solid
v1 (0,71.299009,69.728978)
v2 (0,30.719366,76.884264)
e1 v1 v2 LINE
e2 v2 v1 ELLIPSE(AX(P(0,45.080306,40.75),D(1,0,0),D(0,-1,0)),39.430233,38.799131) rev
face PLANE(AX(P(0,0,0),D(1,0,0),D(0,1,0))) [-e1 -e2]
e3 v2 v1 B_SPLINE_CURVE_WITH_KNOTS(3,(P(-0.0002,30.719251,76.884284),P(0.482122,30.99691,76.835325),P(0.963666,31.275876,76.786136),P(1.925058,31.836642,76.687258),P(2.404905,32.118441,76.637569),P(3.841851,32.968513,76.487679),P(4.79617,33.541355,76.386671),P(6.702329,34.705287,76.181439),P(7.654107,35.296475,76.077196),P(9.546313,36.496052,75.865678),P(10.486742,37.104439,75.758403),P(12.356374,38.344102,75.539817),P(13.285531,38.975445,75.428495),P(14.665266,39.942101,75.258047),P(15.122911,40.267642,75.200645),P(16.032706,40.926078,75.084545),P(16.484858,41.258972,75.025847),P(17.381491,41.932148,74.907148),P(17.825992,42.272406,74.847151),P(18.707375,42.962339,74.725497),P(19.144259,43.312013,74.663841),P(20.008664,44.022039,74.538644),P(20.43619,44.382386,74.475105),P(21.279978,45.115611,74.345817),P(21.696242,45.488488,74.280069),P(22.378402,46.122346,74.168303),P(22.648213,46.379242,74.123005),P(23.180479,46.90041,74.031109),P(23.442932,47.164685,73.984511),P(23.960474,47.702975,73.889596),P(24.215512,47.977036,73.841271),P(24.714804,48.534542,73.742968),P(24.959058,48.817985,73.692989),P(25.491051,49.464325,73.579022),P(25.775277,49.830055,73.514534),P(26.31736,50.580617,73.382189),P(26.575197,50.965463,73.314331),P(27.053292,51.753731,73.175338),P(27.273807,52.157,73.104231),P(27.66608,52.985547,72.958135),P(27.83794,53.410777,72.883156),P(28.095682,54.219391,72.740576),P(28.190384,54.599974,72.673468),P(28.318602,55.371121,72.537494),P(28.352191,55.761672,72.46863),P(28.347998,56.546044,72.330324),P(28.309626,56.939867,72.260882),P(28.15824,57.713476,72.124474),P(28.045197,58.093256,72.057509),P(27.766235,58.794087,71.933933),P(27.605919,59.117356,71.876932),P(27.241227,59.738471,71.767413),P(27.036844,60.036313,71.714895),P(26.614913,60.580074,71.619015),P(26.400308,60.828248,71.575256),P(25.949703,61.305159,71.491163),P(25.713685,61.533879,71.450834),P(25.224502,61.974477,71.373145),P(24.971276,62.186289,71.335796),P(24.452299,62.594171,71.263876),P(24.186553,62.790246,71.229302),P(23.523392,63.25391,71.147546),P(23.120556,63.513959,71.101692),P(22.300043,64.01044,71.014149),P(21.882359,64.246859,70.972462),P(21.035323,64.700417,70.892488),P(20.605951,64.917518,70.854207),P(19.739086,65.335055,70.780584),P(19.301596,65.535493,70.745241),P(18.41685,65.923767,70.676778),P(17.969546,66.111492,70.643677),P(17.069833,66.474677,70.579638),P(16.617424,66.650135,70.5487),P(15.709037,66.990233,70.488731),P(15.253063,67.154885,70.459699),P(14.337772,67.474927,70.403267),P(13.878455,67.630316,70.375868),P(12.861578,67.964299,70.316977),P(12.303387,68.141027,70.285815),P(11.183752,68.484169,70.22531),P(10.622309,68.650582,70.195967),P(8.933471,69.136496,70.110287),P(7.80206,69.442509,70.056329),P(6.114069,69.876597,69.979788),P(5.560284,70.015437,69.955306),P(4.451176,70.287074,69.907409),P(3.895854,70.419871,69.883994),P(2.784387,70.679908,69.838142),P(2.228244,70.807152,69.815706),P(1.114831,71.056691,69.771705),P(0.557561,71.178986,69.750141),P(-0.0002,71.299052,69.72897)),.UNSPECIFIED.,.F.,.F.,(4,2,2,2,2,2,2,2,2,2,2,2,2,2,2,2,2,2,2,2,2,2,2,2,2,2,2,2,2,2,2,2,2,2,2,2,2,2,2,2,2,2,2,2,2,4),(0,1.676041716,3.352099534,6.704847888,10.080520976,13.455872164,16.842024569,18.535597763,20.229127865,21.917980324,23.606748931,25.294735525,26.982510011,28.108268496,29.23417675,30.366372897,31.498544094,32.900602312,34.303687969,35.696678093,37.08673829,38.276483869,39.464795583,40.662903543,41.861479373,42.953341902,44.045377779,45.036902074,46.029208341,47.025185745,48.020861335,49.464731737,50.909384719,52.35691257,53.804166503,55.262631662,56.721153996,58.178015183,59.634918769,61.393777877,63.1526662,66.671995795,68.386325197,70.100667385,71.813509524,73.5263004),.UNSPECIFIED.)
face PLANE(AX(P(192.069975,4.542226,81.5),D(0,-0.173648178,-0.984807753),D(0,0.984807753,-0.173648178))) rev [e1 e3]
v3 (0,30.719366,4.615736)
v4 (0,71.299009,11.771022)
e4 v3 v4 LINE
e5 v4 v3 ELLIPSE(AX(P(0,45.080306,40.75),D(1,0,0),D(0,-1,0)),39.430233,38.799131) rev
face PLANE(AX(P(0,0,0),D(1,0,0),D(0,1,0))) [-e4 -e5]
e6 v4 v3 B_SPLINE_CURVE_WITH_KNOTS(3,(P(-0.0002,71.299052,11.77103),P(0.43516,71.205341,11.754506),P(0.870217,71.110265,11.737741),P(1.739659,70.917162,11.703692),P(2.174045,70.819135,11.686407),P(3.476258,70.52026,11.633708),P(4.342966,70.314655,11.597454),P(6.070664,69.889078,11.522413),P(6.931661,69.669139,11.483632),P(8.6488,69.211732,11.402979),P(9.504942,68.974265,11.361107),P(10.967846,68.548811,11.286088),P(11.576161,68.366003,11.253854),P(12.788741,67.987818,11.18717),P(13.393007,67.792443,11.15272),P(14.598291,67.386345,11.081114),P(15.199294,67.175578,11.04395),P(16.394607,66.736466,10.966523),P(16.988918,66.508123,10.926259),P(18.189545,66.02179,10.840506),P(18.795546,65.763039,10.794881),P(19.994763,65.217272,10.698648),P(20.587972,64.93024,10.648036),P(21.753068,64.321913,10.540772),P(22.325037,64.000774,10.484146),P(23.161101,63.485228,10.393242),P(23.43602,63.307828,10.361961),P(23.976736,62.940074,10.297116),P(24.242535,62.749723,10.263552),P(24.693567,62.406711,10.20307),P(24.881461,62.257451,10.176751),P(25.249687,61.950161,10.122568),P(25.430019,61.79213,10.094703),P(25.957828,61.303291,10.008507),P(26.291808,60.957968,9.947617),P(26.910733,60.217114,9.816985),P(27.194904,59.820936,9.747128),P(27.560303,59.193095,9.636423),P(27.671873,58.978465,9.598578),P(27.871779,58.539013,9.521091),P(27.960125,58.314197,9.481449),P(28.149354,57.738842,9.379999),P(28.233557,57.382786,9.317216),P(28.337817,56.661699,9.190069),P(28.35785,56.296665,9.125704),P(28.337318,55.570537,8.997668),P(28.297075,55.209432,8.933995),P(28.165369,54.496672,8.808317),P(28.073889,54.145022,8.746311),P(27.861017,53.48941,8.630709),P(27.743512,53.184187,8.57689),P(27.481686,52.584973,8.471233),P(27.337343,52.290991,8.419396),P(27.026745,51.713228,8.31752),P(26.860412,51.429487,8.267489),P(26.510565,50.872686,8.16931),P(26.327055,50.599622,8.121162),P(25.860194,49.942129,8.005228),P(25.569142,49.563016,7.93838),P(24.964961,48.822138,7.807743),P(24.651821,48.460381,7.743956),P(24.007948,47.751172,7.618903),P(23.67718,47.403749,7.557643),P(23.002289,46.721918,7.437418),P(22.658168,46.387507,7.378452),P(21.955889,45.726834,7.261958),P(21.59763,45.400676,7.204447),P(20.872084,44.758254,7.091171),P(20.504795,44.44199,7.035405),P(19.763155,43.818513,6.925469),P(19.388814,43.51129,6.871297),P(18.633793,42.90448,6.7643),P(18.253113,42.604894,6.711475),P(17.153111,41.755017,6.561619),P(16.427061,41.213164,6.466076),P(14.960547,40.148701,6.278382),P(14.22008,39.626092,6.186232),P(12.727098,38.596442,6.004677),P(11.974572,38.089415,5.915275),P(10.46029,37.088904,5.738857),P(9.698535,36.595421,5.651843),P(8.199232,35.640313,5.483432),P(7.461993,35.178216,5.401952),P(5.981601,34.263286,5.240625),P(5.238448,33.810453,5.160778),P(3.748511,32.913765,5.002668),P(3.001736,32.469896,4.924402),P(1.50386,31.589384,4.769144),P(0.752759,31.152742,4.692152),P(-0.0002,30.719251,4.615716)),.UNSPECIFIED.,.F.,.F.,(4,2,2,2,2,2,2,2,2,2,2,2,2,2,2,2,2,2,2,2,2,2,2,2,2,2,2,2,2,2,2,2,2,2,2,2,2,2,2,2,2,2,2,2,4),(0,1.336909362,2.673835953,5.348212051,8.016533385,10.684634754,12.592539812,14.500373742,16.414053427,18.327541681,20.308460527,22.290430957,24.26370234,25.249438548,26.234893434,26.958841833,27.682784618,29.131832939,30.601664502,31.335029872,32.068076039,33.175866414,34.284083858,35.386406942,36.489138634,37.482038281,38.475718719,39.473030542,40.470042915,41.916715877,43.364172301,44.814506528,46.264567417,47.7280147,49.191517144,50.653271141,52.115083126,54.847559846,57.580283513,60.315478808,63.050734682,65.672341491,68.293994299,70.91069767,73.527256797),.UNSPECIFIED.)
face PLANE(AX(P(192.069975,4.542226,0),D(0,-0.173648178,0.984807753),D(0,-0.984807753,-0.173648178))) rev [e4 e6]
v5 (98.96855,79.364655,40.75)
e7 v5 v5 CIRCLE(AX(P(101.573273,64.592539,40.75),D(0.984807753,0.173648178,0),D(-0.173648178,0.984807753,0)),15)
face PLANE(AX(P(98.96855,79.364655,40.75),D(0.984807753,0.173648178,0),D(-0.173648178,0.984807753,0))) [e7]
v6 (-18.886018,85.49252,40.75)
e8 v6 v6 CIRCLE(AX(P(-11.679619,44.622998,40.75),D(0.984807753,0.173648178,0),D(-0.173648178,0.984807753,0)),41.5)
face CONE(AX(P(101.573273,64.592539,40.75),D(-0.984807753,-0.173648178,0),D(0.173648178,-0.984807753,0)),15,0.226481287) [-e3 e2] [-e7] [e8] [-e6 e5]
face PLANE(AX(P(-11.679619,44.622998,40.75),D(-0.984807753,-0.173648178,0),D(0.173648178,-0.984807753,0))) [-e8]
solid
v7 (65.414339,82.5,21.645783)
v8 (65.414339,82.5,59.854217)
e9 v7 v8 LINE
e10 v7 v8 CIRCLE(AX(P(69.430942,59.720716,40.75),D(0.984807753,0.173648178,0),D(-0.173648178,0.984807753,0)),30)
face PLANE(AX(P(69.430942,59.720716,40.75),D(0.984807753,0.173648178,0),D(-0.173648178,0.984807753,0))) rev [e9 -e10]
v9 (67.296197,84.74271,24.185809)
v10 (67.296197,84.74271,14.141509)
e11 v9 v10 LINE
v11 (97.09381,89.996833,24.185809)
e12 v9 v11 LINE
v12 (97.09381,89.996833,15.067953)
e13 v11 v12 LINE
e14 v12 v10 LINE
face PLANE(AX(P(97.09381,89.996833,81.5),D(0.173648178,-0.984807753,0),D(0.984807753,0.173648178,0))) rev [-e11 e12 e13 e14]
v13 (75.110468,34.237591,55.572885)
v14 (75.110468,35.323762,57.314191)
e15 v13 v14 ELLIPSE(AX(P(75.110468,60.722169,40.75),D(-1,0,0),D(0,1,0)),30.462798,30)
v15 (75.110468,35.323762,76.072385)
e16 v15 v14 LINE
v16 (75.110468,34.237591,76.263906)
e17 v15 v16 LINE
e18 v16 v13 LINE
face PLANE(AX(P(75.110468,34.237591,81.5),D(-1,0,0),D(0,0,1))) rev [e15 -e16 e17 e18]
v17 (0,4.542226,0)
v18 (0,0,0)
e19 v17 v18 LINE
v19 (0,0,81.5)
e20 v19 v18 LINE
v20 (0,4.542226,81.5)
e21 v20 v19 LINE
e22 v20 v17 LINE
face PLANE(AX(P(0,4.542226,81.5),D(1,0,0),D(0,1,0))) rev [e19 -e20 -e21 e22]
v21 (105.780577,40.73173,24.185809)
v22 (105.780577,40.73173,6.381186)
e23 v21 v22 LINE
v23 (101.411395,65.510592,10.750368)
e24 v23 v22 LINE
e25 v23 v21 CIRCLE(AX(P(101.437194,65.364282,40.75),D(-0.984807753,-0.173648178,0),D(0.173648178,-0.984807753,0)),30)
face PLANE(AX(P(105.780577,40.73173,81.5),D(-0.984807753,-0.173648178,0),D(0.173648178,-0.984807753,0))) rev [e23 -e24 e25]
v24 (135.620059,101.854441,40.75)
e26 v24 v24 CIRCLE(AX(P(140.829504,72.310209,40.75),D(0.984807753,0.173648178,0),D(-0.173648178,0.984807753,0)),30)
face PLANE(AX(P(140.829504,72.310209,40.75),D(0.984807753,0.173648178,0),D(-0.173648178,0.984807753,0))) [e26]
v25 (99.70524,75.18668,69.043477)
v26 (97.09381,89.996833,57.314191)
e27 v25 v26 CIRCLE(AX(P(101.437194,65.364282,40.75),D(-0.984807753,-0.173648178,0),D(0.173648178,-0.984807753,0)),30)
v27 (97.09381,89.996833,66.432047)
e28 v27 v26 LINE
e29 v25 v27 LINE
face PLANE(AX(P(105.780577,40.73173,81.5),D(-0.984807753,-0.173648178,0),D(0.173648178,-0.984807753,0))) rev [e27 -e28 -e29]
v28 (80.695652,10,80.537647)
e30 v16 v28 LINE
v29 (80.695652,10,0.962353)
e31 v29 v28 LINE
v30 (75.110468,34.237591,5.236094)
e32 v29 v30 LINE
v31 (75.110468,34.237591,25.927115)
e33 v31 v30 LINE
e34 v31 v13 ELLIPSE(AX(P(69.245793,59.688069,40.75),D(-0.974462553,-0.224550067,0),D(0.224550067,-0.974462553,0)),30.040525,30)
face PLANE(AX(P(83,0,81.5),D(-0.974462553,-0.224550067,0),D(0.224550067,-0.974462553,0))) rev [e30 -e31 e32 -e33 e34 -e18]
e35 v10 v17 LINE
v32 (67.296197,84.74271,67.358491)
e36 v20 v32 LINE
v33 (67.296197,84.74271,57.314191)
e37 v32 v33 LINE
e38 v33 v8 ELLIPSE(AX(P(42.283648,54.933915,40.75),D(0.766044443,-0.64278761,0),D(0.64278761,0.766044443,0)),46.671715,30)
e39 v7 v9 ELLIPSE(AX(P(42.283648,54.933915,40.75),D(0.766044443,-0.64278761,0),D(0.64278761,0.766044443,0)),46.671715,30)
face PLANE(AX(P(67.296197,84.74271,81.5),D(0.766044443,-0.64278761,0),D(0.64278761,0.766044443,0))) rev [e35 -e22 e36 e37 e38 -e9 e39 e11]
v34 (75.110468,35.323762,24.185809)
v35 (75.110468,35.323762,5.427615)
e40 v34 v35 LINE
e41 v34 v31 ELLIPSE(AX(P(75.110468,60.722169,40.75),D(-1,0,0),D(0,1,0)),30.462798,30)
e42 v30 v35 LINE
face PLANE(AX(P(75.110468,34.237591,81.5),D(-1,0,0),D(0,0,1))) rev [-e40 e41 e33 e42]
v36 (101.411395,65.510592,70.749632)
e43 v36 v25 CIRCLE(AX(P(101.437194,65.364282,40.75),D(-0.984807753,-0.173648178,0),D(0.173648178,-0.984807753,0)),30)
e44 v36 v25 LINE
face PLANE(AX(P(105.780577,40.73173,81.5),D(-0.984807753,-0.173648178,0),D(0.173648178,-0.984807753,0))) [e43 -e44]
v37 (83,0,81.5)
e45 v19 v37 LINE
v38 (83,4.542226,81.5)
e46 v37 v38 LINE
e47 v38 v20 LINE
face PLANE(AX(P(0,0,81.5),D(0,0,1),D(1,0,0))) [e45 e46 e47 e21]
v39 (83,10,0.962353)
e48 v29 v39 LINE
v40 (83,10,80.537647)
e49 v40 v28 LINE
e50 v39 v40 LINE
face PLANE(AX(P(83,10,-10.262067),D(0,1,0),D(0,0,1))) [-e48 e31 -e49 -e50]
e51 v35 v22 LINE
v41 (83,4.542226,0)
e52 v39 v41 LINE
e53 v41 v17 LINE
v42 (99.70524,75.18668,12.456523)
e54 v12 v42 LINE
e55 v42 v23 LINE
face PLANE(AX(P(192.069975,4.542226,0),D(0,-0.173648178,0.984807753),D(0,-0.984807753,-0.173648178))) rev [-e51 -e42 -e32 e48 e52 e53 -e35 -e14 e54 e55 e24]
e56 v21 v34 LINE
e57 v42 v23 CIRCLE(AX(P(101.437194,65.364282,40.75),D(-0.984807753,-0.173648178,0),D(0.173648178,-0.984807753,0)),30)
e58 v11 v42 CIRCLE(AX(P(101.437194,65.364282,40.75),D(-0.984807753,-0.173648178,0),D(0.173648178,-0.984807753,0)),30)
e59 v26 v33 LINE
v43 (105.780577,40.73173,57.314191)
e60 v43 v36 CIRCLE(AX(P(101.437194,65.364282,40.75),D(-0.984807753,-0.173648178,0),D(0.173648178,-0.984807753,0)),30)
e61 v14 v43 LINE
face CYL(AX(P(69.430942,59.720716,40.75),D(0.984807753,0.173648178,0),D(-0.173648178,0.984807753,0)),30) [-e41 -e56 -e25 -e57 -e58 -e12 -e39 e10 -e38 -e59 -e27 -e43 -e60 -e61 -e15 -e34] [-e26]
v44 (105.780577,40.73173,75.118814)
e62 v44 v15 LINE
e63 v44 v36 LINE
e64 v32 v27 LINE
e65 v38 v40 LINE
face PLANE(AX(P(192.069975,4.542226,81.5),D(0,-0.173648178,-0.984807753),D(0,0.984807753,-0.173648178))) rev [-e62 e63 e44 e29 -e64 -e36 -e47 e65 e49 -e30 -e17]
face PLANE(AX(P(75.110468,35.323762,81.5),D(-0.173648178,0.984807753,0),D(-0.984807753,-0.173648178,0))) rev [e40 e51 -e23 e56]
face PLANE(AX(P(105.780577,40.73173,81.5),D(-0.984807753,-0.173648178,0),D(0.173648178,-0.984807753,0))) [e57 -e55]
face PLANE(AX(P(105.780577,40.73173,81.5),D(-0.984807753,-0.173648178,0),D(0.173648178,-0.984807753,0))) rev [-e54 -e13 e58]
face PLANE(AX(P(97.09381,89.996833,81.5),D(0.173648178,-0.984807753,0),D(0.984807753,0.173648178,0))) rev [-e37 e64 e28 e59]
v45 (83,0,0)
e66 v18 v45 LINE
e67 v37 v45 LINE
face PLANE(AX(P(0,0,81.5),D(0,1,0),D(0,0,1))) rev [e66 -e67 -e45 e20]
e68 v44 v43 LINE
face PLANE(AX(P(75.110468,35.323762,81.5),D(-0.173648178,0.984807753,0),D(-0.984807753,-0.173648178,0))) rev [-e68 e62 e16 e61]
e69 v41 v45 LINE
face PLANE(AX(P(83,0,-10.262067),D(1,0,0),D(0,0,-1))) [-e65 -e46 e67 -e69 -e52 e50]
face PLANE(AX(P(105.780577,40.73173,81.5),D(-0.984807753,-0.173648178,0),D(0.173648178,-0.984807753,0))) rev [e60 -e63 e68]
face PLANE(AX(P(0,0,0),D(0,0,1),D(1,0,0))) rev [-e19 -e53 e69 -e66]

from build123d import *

# Parameters (mm, degrees)
EXTRUDE_1_DEPTH      = 81.5
EXTRUDE_2_DEPTH      = 40
EXTRUDE_2_DEPTH_BACK = 32.5
SKETCH_3_R           = 30
EXTRUDE_3_DEPTH      = 81.5
CUT_EXTRUDE_1_REACH  = 198.129


with BuildPart() as part:
    # 草图2 → 凸台-拉伸1 (new body)
    with BuildSketch(Plane.XY):
        Polygon((0, 0), (83, 0), (75.110468057, 34.237591451), (75.110468057, 35.32376219), (105.780577321, 40.731729955), (97.093810418, 89.996833162), (67.296196513, 84.74270987), (0, 4.542225907), align=None)
    extrude(amount=EXTRUDE_1_DEPTH)

    # 草图3 → 凸台-拉伸2 (add, two sides: drawn at the far end of the back side and taken through both)
    with BuildSketch(Plane(origin=(109.556438685, 19.31775605, 0), x_dir=(0, 0, -1), z_dir=(0.98480775301221, 0.1736481776669192, 0)).offset(-EXTRUDE_2_DEPTH_BACK)):
        with Locations(Location((-40.75, 46.756867386, 0), (0, 0, 90))):
            Circle(SKETCH_3_R)
    extrude(amount=EXTRUDE_2_DEPTH + EXTRUDE_2_DEPTH_BACK)

    # 草图4 → 凸台-拉伸3 (add)
    with BuildSketch(Plane.XY.offset(81.5)):
        Polygon((83, 0), (83, 10), (80.695652174, 10), align=None)
    extrude(amount=-EXTRUDE_3_DEPTH)


with BuildPart() as body_2:
    # 草图5 → 旋转1 (revolve)
    with BuildSketch(Plane.XY.offset(40.75)):
        Polygon((-11.679618663, 44.622998406), (-18.886018036, 85.492520156), (98.968550269, 79.364655133), (101.573272934, 64.592538838), align=None)
    revolve(axis=Axis((101.573272934, 64.592538838, 40.75), (-0.9848077530122099, -0.17364817766691962, 0)))


with BuildPart() as cut_extrude_1_tool:
    # 切除-拉伸1: up to this plane
    cut_extrude_1_end = Plane(origin=(105.780577321, 40.731729955, 81.5), z_dir=(-0.98480775301221, -0.17364817766691973, 0))
    # 草图7 → 切除-拉伸1 (new, up to the surface)
    with BuildSketch(Plane.ZY, mode=Mode.PRIVATE) as cut_extrude_1_sk1:
        Polygon((0, 4.542225907), (15.067952885, 89.996833162), (0, 89.996833162), align=None)
    cut_extrude_1_tool1 = split(extrude(cut_extrude_1_sk1.sketch, amount=-CUT_EXTRUDE_1_REACH, mode=Mode.PRIVATE), bisect_by=cut_extrude_1_end, keep=Keep.BOTH, mode=Mode.PRIVATE)
    add(cut_extrude_1_tool1.solids().sort_by_distance((0, 61.511964, 5.022651))[0])
    # 草图7 → 切除-拉伸1 (new, up to the surface)
    with BuildSketch(Plane.ZY, mode=Mode.PRIVATE) as cut_extrude_1_sk2:
        Polygon((81.5, 89.996833162), (81.5, 4.542225907), (66.432047115, 89.996833162), align=None)
    cut_extrude_1_tool2 = split(extrude(cut_extrude_1_sk2.sketch, amount=-CUT_EXTRUDE_1_REACH, mode=Mode.PRIVATE), bisect_by=cut_extrude_1_end, keep=Keep.BOTH, mode=Mode.PRIVATE)
    add(cut_extrude_1_tool2.solids().sort_by_distance((0, 61.511964, 76.477349))[0])


with BuildPart() as part_1:
    add(part.part)

    # 切除-拉伸1: cut by cut_extrude_1_tool
    add(cut_extrude_1_tool.part, mode=Mode.SUBTRACT)


with BuildPart() as body_2_1:
    add(body_2.part)

    # 切除-拉伸1: cut by cut_extrude_1_tool
    add(cut_extrude_1_tool.part, mode=Mode.SUBTRACT)


solid = Compound([part_1.part, body_2_1.part])
